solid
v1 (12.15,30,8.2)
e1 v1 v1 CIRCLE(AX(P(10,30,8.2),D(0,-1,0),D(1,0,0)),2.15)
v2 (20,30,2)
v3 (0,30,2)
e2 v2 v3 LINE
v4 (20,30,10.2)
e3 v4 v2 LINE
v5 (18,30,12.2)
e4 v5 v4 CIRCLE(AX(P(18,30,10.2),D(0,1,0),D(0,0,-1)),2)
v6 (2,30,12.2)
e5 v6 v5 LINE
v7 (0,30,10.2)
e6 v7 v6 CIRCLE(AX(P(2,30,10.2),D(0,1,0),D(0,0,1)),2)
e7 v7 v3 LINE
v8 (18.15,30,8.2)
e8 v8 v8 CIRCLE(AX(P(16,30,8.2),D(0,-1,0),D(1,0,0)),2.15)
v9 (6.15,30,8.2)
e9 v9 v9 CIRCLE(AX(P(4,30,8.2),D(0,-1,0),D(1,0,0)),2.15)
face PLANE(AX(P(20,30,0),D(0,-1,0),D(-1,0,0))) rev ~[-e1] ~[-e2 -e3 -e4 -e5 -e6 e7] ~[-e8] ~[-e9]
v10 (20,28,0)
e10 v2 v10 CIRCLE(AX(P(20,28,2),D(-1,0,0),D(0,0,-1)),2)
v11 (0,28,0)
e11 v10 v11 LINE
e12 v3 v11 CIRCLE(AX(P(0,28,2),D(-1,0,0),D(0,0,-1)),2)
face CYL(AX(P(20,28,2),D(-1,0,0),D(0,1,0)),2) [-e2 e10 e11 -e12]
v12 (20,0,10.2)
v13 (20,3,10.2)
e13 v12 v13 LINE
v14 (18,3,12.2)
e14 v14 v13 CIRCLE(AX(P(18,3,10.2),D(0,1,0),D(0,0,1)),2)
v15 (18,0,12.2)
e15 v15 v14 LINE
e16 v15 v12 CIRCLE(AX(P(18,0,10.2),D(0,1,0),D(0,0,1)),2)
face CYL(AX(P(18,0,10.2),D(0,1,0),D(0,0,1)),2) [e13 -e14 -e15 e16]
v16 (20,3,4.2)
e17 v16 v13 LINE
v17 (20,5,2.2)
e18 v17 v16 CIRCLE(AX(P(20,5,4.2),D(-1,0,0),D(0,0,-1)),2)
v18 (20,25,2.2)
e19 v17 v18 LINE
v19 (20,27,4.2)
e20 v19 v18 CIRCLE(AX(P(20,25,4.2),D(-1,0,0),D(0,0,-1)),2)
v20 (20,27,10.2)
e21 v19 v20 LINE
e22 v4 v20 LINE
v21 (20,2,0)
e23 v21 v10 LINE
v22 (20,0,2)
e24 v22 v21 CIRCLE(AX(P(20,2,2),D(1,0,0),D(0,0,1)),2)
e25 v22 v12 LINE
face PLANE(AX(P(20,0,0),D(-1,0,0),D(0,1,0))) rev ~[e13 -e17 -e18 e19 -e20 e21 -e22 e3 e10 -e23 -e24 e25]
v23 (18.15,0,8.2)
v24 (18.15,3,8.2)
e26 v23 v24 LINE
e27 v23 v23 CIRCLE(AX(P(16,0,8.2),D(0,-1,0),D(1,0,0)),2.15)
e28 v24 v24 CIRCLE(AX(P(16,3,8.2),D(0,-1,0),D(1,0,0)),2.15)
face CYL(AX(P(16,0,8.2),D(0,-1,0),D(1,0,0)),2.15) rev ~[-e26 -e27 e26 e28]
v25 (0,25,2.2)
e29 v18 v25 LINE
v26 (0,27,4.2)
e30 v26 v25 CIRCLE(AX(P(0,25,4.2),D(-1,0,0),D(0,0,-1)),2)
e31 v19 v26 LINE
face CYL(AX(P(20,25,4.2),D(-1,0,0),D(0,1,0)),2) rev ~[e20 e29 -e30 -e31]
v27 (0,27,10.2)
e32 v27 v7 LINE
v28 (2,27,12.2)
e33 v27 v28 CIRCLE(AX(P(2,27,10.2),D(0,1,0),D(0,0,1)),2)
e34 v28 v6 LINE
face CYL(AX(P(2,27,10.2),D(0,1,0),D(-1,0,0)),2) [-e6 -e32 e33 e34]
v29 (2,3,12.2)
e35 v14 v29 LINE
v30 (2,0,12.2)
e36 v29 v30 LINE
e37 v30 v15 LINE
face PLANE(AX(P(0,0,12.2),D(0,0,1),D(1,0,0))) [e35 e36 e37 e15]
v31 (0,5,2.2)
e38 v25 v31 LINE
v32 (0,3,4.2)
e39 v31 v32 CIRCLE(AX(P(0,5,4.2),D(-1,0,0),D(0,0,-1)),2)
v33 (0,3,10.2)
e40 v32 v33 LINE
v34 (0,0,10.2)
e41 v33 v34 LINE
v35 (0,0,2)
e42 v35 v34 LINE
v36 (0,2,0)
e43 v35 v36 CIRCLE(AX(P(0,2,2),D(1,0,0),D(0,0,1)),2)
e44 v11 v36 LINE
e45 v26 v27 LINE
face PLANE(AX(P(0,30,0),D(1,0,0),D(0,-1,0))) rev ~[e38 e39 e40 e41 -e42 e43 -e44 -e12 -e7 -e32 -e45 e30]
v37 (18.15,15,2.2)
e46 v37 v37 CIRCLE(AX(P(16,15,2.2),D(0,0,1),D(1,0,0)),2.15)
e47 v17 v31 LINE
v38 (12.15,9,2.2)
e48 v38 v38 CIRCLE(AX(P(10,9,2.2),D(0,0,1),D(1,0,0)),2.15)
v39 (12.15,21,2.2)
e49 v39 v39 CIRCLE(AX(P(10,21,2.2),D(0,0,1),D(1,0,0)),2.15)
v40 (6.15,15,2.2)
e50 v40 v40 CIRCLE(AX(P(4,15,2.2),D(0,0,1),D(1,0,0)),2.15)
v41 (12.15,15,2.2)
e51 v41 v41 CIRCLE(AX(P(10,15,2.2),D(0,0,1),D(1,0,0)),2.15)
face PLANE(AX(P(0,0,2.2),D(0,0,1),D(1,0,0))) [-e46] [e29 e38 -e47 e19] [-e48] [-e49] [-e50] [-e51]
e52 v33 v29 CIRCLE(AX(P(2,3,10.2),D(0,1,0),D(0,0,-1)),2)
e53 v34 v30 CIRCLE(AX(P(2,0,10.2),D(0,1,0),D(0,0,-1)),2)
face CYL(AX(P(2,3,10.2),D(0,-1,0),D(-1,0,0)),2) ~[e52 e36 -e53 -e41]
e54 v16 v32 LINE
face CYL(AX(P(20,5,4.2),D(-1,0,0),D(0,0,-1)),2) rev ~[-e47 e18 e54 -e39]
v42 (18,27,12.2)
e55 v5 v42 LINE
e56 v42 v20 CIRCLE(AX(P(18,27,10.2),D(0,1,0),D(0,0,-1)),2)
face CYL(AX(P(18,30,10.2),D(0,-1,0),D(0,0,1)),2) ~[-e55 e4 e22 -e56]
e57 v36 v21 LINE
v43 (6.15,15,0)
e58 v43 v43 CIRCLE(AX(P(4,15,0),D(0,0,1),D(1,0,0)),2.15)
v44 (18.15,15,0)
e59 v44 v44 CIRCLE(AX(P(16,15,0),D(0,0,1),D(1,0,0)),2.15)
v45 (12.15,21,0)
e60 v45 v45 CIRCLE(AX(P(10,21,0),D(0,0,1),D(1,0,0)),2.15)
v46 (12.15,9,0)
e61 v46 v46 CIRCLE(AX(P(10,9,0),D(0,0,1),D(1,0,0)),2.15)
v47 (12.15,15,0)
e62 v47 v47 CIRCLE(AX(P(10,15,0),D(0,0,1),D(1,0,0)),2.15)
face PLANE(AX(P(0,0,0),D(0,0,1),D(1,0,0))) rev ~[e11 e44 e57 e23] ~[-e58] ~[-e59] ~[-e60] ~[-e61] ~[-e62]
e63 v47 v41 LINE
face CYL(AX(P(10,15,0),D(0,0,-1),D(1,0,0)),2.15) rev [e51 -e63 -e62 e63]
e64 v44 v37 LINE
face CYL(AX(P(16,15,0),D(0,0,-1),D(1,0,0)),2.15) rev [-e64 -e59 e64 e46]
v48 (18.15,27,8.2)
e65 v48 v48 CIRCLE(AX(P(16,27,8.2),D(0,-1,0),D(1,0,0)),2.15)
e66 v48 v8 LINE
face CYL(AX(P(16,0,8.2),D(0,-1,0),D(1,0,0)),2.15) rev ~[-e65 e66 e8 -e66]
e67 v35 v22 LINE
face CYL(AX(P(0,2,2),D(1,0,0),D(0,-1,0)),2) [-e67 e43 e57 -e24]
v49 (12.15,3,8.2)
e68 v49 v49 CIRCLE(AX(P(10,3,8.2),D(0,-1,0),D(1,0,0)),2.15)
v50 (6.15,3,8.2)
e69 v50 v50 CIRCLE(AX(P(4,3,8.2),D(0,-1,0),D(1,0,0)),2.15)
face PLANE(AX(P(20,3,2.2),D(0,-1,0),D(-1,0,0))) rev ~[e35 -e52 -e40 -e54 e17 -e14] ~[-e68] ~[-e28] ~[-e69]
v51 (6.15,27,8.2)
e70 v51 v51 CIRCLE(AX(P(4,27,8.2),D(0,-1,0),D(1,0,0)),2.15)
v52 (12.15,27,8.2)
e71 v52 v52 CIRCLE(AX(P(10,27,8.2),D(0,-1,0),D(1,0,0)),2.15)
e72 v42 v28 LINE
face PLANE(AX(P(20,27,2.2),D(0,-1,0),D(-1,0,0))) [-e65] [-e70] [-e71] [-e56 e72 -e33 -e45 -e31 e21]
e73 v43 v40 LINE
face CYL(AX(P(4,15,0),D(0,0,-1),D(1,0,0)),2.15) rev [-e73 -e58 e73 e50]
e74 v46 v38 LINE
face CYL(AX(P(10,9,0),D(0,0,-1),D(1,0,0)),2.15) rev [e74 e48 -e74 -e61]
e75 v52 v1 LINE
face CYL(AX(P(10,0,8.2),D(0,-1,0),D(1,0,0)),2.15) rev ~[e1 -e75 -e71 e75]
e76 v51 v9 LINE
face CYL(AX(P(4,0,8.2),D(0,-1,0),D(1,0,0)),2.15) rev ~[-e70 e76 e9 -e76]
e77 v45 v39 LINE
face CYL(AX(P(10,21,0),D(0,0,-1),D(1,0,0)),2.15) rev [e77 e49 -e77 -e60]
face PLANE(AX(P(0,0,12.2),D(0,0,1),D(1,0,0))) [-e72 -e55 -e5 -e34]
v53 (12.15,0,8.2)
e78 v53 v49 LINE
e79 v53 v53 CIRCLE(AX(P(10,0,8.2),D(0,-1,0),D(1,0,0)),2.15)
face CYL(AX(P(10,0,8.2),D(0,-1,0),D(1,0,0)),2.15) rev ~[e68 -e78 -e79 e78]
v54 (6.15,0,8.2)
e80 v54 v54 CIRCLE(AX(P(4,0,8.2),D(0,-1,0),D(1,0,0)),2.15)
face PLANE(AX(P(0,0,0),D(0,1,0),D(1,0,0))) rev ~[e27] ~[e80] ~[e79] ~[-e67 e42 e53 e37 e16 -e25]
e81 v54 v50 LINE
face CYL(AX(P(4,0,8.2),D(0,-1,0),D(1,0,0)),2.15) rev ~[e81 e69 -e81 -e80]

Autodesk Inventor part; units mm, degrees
ref_plane "YZ Plane" through (0, 0, 0) normal (1, 0, 0) x (0, 1, 0)
ref_plane "XZ Plane" through (0, 0, 0) normal (0, 1, 0) x (-1, 0, 0)
ref_plane "XY Plane" through (0, 0, 0) normal (0, 0, 1) x (1, 0, 0)
sketch "Esquisse5" plane through (0, 0, 0) normal (0, 0, 1) x (1, 0, 0)
  line L0 (0, 0) -> (20, 0)
  line L1 (20, 0) -> (20, 30)
  line L2 (20, 30) -> (0, 30)
  line L3 (0, 30) -> (0, 0)
  line L4 (10, 0) -> (10, 30) construction
  circle A0 centre (10, 9) radius 2.15
  circle A1 centre (10, 15) radius 2.15
  circle A2 centre (10, 21) radius 2.15
  line L5 (10, 15) -> (20, 15) construction
  circle A3 centre (16, 15) radius 2.15
  circle A4 centre (4, 15) radius 2.15
  circle A5 centre (10, 15) radius 2.15
  dimension "d61" = 20
  dimension "d62" = 30
  dimension "d64" = 4.3
  dimension "d67" = 6
  dimension "d74" = 6
  dimension "d77" = 6
extrude "Extrusion5" add sketch "Esquisse5" along normal blind 2.2
sketch "Esquisse9" plane through (0, 0, 2.2) normal (0, 0, 1) x (1, 0, 0)
  line L0 (20, 0) -> (20, 30) construction
  line L1 (0, 30) -> (0, 0) construction
  line L2 (0, 30) -> (20, 30)
  line L3 (20, 30) -> (20, 27)
  line L4 (20, 27) -> (0, 27)
  line L5 (0, 27) -> (0, 30)
  line L6 (0, 15) -> (20, 15) construction
  line L7 (20, 0) -> (0, 0) construction
  line L8 (0, 0) -> (20, 0)
  line L9 (20, 0) -> (20, 3)
  line L10 (20, 3) -> (0, 3)
  line L11 (0, 3) -> (0, 0)
  dimension "d102" = 3
extrude "Extrusion9" add sketch "Esquisse9" along normal blind 10
sketch "Esquisse10" plane through (0, 0, 0) normal (0, -1, 0) x (1, 0, 0)
  line L0 (0, 0) -> (20, 0) construction
  line L1 (20, 0) -> (20, 12.2) construction
  line L2 (0, 12.2) -> (20, 12.2) construction
  line L3 (10, 12.2) -> (10, 0) construction
  circle A0 centre (10, 8.2) radius 2.15
  line L4 (10, 8.2) -> (20, 8.2) construction
  circle A1 centre (16, 8.2) radius 2.15
  circle A2 centre (4, 8.2) radius 2.15
  circle A3 centre (10, 8.2) radius 2.15
  dimension "d105" = 4
  dimension "d106" = 4.3
  dimension "d109" = 6
  dimension "d112" = 6
extrude "Extrusion10" cut sketch "Esquisse10" against normal through all
fillet "Congé6" radius 2 8 edges at (10, 0, 0) (10, 3, 2.2) (10, 27, 2.2) (0, 28.5, 12.2) (20, 28.5, 12.2) (20, 1.5, 12.2) (0, 1.5, 12.2) (10, 30, 0)
equation "\"d64\" = Holes"
equation "\"d80\" = Depth"
equation "\"d106\" = Holes"
equation "\"Depth\" = 2.2"
equation "\"Holes\" = 4.3"
equation "\"Height\" = 0"
equation "\"Rounding\" = 7"
properties part number "Pantilt"
